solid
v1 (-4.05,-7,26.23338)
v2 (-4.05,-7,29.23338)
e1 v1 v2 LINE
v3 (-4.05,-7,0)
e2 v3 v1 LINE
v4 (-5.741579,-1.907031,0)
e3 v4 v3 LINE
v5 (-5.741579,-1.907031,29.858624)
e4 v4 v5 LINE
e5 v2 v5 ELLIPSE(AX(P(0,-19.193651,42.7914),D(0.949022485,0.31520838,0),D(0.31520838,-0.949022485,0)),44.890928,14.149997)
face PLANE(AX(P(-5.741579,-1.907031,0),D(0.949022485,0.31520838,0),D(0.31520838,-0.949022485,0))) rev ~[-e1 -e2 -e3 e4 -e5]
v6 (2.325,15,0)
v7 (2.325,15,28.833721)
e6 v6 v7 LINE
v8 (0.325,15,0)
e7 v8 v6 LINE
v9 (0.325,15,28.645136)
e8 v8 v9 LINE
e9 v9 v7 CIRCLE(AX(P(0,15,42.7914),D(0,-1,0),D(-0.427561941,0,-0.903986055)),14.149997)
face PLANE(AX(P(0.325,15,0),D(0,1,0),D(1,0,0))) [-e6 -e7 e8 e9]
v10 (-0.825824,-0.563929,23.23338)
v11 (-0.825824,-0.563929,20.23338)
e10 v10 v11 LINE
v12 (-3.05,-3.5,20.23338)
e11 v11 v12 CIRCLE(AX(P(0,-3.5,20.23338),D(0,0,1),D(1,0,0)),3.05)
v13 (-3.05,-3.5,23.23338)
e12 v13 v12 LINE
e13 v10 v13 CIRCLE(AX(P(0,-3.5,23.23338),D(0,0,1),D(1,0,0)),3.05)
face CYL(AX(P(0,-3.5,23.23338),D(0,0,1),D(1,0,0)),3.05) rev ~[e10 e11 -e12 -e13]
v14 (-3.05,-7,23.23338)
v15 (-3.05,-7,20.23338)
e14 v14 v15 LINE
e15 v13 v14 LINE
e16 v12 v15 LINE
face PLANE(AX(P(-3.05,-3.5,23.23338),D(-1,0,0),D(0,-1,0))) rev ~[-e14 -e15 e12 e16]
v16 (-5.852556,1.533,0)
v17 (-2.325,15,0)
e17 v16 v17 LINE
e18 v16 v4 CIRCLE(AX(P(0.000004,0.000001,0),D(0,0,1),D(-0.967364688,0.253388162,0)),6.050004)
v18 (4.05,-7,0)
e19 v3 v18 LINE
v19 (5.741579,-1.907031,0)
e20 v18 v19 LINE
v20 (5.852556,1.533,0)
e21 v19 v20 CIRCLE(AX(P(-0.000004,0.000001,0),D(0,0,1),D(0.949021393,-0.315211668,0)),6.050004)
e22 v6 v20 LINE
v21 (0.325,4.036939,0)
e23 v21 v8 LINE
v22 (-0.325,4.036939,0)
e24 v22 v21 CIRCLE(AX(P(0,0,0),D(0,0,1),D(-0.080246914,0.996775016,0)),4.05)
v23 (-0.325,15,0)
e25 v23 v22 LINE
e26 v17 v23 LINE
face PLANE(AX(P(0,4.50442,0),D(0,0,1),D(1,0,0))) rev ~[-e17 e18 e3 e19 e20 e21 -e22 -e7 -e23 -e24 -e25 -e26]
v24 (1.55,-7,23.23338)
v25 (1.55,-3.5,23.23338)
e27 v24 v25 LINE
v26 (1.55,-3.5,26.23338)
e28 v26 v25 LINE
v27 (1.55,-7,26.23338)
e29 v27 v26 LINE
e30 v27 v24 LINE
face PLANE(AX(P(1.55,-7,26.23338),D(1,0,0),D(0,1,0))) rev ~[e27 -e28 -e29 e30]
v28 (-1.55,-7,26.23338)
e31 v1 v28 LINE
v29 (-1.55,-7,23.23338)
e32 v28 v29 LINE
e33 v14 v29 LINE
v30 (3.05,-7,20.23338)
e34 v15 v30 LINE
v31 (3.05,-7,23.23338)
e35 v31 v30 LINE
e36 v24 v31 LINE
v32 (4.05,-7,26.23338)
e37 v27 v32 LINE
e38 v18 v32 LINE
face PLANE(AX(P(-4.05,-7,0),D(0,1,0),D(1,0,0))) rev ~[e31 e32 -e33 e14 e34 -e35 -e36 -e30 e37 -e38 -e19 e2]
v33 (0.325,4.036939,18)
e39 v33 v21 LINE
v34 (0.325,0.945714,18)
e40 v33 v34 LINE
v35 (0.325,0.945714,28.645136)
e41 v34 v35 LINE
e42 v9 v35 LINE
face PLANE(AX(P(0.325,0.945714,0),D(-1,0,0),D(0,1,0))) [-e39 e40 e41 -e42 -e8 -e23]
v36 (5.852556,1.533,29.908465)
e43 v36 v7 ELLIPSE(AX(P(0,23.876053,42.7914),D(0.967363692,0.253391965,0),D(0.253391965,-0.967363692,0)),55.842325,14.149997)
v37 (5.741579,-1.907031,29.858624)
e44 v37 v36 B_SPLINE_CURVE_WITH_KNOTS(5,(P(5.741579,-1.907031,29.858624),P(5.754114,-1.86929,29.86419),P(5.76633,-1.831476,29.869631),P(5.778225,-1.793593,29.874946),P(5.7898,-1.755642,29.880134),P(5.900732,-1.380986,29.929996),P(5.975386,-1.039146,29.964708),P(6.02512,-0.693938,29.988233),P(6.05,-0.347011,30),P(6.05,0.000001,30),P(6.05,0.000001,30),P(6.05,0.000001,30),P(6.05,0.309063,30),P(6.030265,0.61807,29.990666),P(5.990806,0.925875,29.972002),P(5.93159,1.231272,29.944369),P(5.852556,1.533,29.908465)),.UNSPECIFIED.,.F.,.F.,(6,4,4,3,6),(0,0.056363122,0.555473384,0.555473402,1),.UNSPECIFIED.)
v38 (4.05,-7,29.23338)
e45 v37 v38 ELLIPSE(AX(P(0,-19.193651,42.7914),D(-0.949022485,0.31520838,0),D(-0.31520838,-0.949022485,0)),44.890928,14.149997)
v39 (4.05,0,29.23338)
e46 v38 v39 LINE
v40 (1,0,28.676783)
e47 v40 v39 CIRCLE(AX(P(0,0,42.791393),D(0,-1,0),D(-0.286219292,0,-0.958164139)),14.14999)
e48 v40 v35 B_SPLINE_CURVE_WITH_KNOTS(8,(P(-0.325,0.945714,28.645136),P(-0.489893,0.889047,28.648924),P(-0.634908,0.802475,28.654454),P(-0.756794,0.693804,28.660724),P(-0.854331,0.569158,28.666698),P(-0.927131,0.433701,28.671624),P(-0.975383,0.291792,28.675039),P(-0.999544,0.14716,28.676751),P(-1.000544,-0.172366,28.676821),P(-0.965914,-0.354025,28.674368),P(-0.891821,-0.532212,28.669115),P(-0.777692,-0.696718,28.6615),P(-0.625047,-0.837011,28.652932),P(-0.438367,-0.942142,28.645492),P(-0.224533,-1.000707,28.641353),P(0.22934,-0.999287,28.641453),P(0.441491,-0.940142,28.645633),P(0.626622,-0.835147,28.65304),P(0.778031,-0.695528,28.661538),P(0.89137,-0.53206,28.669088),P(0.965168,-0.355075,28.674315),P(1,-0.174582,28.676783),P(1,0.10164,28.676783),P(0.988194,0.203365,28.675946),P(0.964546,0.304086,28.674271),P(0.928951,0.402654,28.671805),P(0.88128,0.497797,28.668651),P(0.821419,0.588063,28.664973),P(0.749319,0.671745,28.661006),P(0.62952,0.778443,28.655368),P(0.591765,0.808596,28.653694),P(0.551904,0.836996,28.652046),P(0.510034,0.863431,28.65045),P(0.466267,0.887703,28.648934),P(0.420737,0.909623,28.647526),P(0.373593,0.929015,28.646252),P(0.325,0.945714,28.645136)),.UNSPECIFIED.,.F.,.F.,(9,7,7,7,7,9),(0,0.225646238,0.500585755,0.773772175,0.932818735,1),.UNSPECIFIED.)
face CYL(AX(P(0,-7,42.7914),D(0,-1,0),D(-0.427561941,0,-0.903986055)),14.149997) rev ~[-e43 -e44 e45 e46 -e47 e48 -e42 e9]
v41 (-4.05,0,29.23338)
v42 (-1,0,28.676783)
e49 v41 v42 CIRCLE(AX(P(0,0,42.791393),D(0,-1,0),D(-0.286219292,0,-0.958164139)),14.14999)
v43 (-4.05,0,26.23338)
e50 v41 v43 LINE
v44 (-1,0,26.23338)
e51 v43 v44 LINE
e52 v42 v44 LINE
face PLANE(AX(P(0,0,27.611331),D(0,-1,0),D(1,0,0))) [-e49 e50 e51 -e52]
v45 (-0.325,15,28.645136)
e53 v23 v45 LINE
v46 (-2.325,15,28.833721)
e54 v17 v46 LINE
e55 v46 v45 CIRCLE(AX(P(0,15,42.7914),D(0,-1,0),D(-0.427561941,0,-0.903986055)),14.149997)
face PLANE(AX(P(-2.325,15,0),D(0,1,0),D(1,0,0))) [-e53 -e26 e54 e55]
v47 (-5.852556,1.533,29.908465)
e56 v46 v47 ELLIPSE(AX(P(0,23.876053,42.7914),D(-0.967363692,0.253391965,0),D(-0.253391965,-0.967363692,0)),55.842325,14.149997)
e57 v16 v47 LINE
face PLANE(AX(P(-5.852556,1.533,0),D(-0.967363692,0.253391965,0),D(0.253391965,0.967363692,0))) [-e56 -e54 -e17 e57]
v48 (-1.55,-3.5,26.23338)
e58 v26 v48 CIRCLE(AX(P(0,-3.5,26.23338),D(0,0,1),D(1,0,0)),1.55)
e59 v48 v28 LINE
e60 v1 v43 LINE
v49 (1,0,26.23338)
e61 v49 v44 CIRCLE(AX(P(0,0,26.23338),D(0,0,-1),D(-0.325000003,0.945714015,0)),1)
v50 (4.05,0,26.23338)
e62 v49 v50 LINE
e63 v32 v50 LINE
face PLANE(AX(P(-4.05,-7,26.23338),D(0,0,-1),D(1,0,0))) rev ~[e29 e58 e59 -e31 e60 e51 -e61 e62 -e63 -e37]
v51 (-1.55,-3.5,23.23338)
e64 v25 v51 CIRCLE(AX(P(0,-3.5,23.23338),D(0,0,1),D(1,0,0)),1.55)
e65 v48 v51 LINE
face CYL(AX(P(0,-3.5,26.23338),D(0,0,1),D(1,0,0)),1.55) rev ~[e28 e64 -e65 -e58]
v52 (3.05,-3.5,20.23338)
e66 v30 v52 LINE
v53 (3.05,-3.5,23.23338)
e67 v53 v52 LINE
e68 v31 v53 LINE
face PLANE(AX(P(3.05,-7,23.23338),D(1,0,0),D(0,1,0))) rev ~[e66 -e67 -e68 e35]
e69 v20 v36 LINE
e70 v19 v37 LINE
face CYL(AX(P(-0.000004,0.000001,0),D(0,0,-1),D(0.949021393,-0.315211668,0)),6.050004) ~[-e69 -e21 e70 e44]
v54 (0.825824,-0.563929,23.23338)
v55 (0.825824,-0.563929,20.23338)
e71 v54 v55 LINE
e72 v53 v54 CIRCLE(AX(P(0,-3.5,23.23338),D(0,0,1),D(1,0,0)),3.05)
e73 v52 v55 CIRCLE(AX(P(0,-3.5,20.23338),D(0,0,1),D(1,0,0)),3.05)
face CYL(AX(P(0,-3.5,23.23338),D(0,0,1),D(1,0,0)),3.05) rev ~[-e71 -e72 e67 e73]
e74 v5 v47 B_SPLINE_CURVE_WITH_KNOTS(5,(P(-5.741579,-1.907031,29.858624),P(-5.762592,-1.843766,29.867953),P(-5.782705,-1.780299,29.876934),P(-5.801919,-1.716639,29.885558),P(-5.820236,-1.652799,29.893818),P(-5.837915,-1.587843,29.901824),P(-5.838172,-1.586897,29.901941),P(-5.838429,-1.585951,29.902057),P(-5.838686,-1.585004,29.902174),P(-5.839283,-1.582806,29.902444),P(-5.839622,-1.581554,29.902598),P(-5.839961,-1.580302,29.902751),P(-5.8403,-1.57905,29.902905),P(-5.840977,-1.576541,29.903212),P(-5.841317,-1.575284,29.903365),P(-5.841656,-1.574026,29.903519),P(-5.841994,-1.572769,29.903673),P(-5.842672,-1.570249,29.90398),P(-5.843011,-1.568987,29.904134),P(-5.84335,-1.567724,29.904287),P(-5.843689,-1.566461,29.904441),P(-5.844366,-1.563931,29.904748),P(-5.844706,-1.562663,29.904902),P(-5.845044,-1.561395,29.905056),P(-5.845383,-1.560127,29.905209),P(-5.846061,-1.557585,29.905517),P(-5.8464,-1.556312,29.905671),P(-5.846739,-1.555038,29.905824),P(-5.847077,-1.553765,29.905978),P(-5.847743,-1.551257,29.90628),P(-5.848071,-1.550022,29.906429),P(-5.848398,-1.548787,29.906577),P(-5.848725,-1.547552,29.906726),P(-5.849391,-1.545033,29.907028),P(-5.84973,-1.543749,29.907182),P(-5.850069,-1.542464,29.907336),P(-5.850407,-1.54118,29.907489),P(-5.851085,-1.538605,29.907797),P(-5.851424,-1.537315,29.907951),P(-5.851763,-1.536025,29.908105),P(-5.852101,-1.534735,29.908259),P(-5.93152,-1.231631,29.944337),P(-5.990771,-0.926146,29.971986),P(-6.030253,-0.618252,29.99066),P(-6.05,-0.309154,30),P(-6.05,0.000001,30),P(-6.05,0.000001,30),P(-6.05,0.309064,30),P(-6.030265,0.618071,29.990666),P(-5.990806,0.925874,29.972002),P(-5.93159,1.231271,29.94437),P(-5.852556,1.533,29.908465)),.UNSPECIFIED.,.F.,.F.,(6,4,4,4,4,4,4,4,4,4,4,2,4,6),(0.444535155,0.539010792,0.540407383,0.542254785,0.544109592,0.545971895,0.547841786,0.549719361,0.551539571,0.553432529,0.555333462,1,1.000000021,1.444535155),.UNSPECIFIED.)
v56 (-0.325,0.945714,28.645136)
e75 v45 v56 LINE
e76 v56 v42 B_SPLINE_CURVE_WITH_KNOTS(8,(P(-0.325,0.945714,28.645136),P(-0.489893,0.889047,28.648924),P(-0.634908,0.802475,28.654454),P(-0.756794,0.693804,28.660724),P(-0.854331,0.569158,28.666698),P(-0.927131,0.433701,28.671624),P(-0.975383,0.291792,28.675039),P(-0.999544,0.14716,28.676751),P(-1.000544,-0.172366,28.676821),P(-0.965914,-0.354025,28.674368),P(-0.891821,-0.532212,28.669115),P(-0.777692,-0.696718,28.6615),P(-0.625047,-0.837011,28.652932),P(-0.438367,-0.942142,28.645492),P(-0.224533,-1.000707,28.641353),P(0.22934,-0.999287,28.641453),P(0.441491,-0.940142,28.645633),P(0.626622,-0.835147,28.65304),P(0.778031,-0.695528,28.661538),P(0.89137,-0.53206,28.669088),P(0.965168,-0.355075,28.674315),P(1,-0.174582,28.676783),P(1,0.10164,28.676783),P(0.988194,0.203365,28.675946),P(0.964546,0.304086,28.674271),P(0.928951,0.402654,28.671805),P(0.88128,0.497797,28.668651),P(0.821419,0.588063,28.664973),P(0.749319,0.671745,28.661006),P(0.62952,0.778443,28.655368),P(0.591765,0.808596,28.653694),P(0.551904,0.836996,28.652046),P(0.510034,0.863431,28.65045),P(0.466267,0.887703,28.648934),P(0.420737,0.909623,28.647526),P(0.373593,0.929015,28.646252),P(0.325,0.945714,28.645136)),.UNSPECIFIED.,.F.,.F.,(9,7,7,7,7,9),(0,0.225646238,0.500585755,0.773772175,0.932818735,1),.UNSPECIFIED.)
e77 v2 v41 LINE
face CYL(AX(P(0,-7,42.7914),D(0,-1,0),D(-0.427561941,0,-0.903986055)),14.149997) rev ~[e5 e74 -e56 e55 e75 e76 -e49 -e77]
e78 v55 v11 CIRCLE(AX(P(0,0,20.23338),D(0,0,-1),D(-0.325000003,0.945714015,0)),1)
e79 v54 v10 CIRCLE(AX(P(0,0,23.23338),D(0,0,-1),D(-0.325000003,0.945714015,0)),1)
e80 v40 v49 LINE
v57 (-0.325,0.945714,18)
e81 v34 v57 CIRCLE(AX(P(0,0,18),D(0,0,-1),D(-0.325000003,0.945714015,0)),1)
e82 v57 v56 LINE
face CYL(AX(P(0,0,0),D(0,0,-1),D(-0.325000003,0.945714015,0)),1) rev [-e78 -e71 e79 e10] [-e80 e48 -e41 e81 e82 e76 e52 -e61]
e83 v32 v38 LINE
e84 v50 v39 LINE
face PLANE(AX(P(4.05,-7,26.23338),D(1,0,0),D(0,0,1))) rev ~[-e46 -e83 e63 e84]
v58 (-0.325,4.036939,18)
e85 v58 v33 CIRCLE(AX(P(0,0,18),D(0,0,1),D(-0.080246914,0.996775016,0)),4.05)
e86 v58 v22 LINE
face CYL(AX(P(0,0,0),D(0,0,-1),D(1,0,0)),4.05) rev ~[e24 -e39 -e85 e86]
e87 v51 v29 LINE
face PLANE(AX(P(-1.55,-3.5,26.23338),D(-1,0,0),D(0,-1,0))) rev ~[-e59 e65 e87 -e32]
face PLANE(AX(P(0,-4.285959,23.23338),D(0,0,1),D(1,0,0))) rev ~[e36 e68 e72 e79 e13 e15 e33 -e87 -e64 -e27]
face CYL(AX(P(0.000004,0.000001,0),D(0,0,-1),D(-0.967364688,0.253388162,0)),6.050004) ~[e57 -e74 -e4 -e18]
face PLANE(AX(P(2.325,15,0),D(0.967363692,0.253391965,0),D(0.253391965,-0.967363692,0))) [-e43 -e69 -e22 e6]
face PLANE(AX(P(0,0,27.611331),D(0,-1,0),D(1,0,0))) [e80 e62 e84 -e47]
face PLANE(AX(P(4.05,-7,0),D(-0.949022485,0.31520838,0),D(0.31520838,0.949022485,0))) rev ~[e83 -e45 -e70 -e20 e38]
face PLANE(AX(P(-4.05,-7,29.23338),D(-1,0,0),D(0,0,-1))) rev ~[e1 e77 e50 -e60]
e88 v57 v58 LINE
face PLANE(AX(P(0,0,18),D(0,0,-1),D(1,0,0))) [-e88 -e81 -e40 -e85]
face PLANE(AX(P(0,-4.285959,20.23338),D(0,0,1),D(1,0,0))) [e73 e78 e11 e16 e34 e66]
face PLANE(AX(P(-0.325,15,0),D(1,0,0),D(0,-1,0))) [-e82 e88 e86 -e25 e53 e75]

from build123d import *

# Parameters (mm, degrees)
EXTRUDE_DEPTH   = 30
POCKET_DEPTH    = 22.001
POCKET001_DEPTH = 7
POCKET002_DEPTH = 3
POCKET003_DEPTH = 3
SKETCH005_R     = 4.05
POCKET004_DEPTH = 18


with BuildPart() as part:
    # Sketch → Extrude (new body)
    with BuildSketch(Plane.XY):
        with BuildLine():
            ThreePointArc((-5.852556, 1.533), (-6.046854, -0.195073), (-5.741579, -1.907031))
            Line((-5.741579, -1.907031), (-4.05, -7))
            Line((-4.05, -7), (4.05, -7))
            Line((4.05, -7), (5.741579, -1.907031))
            ThreePointArc((5.741579, -1.907031), (6.046854, -0.195073), (5.852556, 1.533))
            Line((2.325, 15), (5.852556, 1.533))
            Line((0.325, 15), (2.325, 15))
            Line((0.325, 0.945714), (0.325, 15))
            ThreePointArc((-0.325, 0.945714), (0, -1), (0.325, 0.945714))
            Line((-0.325, 15), (-0.325, 0.945714))
            Line((-2.325, 15), (-0.325, 15))
            Line((-5.852556, 1.533), (-2.325, 15))
        make_face()
    extrude(amount=EXTRUDE_DEPTH)

    # Sketch001 → Pocket (cut, through all)
    with BuildSketch(Plane.XZ.offset(7)):
        with BuildLine():
            Line((-6.05, 30), (0, 30))
            Line((0, 30), (6.05, 30))
            ThreePointArc((-6.05, 30), (0, 28.641403), (6.05, 30))
        make_face()
    extrude(amount=-POCKET_DEPTH, mode=Mode.SUBTRACT)

    # Sketch002 → Pocket001 (cut)
    with BuildSketch(Plane.XZ.offset(7)):
        with BuildLine():
            Line((-4.05, 29.23338), (-4.05, 26.23338))
            Line((-4.05, 26.23338), (4.05, 26.23338))
            Line((4.05, 26.23338), (4.05, 29.23338))
            ThreePointArc((-4.05, 29.23338), (0, 28.641403), (4.05, 29.23338))
        make_face()
    extrude(amount=-POCKET001_DEPTH, mode=Mode.SUBTRACT)

    # Sketch003 → Pocket002 (cut)
    with BuildSketch(Plane.XY.offset(26.23338)):
        with BuildLine():
            ThreePointArc((1.55, -3.5), (0, -1.95), (-1.55, -3.5))
            Line((-1.55, -3.5), (-1.55, -7))
            Line((-1.55, -7), (1.55, -7))
            Line((1.55, -7), (1.55, -3.5))
        make_face()
    extrude(amount=-POCKET002_DEPTH, mode=Mode.SUBTRACT)

    # Sketch004 → Pocket003 (cut)
    with BuildSketch(Plane.XY.offset(23.23338)):
        with BuildLine():
            ThreePointArc((3.05, -3.5), (0, -0.45), (-3.05, -3.5))
            Line((-3.05, -3.5), (-3.05, -7))
            Line((-3.05, -7), (3.05, -7))
            Line((3.05, -7), (3.05, -3.5))
        make_face()
    extrude(amount=-POCKET003_DEPTH, mode=Mode.SUBTRACT)

    # Sketch005 → Pocket004 (cut)
    with BuildSketch(Plane(origin=(0, 0, 0), x_dir=(1, 0, 0), z_dir=(0, 0, -1))):
        Circle(SKETCH005_R)
    extrude(amount=-POCKET004_DEPTH, mode=Mode.SUBTRACT)


solid = part.part
